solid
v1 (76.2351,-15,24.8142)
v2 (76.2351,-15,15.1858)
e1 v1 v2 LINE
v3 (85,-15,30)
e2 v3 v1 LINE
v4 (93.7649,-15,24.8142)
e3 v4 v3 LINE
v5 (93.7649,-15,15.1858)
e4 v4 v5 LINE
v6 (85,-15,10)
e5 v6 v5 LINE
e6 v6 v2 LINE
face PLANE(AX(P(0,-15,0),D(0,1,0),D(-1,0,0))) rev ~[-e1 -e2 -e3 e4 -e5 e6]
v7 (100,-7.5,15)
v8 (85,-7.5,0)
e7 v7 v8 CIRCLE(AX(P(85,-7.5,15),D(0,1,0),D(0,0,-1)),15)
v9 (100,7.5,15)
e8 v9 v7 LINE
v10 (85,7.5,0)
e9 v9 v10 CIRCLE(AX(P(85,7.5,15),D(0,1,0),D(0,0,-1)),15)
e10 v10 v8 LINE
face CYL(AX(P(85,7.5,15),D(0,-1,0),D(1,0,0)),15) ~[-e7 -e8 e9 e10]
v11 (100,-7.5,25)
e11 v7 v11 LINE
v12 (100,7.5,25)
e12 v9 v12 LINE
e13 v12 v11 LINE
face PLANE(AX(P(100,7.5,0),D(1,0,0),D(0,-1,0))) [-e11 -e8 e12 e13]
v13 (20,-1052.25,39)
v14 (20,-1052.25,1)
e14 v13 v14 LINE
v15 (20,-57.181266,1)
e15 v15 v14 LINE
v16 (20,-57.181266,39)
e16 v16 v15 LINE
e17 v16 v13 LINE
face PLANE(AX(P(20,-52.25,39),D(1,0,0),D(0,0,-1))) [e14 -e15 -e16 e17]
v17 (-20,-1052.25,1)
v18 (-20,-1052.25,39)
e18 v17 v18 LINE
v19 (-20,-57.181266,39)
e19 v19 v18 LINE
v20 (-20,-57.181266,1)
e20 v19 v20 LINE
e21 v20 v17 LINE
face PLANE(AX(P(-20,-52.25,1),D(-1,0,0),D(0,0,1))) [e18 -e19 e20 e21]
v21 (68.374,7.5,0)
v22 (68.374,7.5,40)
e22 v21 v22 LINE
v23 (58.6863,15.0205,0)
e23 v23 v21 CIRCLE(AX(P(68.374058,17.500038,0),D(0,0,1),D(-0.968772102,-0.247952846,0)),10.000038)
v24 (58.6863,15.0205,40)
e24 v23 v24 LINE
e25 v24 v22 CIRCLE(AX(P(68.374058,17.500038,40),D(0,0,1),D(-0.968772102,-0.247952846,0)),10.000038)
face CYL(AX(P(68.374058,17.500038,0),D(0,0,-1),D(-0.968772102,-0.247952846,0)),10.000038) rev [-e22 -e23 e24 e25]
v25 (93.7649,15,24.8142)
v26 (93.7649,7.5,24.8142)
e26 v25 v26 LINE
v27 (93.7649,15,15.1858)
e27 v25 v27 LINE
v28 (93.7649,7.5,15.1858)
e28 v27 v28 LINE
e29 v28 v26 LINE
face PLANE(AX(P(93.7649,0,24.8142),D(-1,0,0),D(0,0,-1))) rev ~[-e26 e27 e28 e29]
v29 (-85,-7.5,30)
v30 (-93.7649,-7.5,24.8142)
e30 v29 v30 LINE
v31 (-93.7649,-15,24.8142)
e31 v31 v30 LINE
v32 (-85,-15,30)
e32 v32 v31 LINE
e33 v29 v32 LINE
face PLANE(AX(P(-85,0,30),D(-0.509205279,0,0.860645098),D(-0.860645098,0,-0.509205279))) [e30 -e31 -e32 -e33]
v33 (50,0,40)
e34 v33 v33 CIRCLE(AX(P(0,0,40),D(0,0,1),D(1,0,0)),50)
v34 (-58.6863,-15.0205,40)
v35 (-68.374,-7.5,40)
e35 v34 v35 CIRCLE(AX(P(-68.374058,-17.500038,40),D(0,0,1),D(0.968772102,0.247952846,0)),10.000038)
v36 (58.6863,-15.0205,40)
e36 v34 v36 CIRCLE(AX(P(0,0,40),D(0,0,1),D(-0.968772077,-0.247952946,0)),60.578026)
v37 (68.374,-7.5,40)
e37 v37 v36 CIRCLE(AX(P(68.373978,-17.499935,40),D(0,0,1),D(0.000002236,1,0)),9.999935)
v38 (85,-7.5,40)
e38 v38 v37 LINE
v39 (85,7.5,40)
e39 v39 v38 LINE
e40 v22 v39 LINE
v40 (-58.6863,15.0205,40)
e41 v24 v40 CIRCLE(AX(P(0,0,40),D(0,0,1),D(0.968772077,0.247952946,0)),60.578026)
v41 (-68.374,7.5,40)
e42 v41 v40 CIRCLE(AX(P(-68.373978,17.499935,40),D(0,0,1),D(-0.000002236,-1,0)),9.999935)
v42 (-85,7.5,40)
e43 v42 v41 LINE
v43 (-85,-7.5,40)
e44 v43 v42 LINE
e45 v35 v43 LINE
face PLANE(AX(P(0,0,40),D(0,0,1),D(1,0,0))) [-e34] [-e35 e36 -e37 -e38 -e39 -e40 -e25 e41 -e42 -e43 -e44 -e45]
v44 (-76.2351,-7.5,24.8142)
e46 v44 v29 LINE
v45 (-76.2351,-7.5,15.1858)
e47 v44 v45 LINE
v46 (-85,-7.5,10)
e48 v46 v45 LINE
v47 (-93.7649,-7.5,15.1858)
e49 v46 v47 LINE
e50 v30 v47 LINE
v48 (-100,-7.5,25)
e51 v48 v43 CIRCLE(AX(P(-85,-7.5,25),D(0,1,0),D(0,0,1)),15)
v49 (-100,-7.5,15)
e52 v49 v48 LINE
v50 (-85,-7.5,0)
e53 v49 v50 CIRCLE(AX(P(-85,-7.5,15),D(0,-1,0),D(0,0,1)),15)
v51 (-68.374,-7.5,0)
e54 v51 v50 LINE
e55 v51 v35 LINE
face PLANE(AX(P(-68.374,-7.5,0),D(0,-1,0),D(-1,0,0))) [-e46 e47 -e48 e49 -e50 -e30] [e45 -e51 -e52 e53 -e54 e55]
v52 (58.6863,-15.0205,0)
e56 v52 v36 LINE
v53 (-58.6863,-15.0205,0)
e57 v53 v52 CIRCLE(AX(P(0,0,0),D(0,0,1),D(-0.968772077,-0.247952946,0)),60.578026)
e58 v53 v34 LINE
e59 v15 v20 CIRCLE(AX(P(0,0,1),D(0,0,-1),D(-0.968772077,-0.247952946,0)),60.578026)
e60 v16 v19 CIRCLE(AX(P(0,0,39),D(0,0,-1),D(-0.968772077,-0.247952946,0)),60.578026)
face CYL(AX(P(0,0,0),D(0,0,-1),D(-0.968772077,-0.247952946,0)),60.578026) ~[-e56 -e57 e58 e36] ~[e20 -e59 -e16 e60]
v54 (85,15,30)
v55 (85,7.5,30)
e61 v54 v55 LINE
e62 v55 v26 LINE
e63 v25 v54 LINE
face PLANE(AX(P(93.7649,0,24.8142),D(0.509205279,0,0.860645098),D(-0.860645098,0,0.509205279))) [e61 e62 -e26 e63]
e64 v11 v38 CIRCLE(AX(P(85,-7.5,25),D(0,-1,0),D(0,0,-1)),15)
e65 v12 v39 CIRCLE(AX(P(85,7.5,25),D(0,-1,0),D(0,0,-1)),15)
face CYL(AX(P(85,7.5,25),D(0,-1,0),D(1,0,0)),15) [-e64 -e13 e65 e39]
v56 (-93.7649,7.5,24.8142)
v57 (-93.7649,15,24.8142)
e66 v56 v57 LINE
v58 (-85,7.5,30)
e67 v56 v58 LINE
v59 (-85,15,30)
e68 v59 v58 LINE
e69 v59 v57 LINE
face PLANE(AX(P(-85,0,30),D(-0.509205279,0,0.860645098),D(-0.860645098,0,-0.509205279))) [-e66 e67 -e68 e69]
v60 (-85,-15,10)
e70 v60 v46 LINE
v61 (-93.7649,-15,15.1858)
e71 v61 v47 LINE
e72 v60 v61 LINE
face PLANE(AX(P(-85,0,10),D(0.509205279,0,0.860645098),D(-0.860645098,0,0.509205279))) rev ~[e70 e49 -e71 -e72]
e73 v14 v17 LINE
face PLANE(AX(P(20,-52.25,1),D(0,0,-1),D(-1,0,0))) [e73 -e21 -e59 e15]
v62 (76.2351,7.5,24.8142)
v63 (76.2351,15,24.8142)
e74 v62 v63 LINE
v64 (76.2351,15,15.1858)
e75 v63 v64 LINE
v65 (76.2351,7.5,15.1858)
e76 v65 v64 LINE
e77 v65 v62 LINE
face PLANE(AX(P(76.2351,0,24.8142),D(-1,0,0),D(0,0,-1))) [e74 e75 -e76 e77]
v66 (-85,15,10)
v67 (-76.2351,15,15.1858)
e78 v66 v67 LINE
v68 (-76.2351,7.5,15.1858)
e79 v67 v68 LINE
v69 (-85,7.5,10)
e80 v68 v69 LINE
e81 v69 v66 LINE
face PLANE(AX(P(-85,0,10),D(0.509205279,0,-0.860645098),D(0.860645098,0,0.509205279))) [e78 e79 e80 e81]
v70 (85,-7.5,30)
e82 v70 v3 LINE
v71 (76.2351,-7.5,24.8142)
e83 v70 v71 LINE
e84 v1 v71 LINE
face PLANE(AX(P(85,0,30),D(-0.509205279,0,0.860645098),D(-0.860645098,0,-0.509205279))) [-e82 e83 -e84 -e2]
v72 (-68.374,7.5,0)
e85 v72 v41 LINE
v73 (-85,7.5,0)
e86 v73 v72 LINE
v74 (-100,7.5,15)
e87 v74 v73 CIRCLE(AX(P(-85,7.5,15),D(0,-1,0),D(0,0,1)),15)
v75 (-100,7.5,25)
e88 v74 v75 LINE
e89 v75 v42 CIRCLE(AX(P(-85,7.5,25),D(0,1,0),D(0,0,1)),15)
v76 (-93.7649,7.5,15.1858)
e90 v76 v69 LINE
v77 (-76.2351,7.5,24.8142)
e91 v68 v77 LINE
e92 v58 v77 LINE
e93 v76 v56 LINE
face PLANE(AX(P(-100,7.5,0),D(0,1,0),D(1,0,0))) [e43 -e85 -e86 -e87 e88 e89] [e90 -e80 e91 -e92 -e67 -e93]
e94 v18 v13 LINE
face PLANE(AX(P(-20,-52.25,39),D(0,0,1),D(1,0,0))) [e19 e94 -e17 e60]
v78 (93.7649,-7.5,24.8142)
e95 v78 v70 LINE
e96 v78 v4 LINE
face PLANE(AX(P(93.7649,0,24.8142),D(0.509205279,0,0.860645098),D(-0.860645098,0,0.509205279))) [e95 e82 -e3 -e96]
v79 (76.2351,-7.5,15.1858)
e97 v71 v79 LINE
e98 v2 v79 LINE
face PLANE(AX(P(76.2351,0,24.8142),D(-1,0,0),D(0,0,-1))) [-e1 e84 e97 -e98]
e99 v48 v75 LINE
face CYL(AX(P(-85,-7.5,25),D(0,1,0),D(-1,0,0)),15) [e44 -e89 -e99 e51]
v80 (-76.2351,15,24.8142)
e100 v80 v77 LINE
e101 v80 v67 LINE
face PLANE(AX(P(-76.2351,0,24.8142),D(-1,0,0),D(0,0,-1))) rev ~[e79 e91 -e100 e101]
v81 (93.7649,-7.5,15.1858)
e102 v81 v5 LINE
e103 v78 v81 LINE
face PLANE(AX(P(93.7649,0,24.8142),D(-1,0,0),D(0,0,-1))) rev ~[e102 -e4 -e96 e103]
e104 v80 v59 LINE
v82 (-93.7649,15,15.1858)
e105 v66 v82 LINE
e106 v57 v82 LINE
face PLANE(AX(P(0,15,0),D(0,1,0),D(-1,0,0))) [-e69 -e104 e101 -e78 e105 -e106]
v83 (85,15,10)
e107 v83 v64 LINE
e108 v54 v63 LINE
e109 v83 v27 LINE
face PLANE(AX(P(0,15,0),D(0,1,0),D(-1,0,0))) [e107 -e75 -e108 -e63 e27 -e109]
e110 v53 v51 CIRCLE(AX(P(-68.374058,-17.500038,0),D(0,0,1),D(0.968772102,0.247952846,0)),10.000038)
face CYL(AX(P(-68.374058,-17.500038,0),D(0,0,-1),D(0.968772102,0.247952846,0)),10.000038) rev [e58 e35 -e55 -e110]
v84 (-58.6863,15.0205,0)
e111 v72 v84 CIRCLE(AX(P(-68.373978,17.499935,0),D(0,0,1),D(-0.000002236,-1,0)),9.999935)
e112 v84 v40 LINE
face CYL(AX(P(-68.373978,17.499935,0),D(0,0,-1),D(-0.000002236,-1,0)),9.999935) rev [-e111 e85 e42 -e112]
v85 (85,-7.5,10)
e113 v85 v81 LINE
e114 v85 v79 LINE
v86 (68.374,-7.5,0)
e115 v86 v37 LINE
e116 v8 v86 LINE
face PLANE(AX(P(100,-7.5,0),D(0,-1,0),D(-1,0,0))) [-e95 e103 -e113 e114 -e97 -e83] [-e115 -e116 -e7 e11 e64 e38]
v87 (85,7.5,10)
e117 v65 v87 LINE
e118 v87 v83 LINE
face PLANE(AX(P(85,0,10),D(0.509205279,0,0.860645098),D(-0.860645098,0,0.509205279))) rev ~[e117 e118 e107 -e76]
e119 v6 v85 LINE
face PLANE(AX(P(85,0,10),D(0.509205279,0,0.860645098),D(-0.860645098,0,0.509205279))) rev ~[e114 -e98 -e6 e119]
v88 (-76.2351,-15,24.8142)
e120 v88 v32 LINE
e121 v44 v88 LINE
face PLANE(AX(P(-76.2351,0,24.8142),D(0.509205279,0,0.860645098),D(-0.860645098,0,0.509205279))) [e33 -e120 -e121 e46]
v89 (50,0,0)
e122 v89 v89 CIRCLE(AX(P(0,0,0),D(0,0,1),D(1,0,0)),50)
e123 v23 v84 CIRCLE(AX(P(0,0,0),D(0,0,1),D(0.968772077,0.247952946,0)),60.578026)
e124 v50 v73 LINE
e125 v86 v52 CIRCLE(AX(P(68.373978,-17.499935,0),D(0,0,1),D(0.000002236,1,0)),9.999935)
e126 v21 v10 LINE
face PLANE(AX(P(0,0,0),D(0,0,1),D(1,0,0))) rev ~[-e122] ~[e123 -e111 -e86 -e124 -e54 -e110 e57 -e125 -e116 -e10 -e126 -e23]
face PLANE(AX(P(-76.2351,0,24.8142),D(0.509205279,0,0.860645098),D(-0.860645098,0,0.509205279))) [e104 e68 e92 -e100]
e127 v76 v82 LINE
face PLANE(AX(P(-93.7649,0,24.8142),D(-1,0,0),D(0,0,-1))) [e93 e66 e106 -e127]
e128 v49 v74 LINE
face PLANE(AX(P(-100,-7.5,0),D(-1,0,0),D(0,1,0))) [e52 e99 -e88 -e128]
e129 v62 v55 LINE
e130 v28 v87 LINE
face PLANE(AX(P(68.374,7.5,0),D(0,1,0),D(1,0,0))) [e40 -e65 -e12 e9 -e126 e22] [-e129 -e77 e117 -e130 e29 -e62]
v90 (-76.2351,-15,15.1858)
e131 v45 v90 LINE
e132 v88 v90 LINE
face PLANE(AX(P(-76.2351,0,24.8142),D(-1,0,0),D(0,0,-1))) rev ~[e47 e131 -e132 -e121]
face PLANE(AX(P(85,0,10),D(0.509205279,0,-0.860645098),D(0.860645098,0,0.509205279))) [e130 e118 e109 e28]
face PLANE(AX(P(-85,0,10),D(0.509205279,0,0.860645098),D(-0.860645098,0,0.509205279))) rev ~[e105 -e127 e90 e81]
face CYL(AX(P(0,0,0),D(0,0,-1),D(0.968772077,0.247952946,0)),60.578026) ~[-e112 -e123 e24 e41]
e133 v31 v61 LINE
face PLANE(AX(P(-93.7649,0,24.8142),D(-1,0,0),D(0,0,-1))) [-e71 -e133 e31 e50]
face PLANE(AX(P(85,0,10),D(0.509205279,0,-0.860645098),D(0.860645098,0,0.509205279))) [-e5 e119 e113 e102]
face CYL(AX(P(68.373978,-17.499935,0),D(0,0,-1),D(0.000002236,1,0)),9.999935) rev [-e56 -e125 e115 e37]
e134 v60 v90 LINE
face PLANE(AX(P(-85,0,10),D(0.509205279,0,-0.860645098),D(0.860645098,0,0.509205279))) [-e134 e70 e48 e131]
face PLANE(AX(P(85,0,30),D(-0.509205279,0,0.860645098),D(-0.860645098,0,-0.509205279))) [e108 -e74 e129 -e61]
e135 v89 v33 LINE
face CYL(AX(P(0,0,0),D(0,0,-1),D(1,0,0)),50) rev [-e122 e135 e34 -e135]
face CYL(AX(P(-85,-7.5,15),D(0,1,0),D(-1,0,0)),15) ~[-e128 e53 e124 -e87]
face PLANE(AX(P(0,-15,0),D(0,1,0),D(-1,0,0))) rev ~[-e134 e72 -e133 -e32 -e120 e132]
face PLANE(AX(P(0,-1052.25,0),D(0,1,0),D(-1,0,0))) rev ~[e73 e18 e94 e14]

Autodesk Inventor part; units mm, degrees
ref_plane "YZ Plane" through (0, 0, 0) normal (1, 0, 0) x (0, 1, 0)
ref_plane "XY Plane" through (0, 0, 0) normal (0, 0, 1) x (1, 0, 0)
sketch "Skizze1" plane through (0, 0, 0) normal (0, 0, 1) x (1, 0, 0)
  circle A0 centre (0, 0) radius 50
  line L0 (100, 7.5) -> (100, -7.5)
  line L1 (-100, -7.5) -> (-100, 7.5)
  line L2 (-100, 7.5) -> (-68.374, 7.5)
  line L3 (68.374, 7.5) -> (100, 7.5)
  line L4 (100, -7.5) -> (68.374, -7.5)
  line L5 (-68.374, -7.5) -> (-100, -7.5)
  arc A1 (-58.6863, -15.0205) -> (58.6863, -15.0205) centre (0, 0) ccw
  arc A2 (58.6863, 15.0205) -> (-58.6863, 15.0205) centre (0, 0) ccw
  arc A3 (-68.374, 7.5) -> (-58.6863, 15.0205) centre (-68.374, 17.5) ccw
  arc A4 (-58.6863, -15.0205) -> (-68.374, -7.5) centre (-68.374, -17.5) ccw
  arc A5 (58.6863, 15.0205) -> (68.374, 7.5) centre (68.374, 17.5) ccw
  arc A6 (68.374, -7.5) -> (58.6863, -15.0205) centre (68.374, -17.5) ccw
  point P0 (-60.1119, 7.5)
  point P1 (60.1119, 7.5)
  point P2 (60.1119, -7.5)
  point P3 (-60.1119, -7.5)
  point P4 (-84.187, 7.5)
  point P5 (84.187, 7.5)
  point P6 (84.187, -7.5)
  point P7 (-84.187, -7.5)
  dimension "d1" = 100
  dimension "d4" = 100
  dimension "d5" = 100
  dimension "d6" = 10
  dimension "d7" = 7.5
  dimension "d8" = 7.5
extrude "Extrusion1" add sketch "Skizze1" along normal blind 40
fillet "Rundung1" radius 15 4 edges at (100, 0, 40) (100, 0, 0) (-100, 0, 40) (-100, 0, 0)
sketch "Skizze3" plane through (0, 0, 0) normal (0, 1, 0) x (-1, 0, 0)
  circle A0 centre (-85, 20) radius 10 construction
  line L0 (-85, 10) -> (-93.7649, 15.1858)
  line L1 (-93.7649, 24.8142) -> (-85, 30)
  line L2 (-85, 30) -> (-76.2351, 24.8142)
  line L3 (-76.2351, 24.8142) -> (-76.2351, 15.1858)
  line L4 (-85, 10) -> (-76.2351, 15.1858)
  line L5 (-93.7649, 24.8142) -> (-93.7649, 15.1858)
  arc A1 (-100, 15) -> (-85, 0) centre (-85, 15) ccw projected
  line L6 (-85, 0) -> (-68.374, 0) projected
  line L7 (-68.374, 0) -> (-68.374, 40) projected
  line L8 (-85, 40) -> (-68.374, 40) projected
  arc A2 (-85, 40) -> (-100, 25) centre (-85, 25) ccw projected
  line L9 (-100, 15) -> (-100, 25) projected
  arc A3 (85, 0) -> (100, 15) centre (85, 15) ccw projected
  line L10 (100, 15) -> (100, 25) projected
  arc A4 (100, 25) -> (85, 40) centre (85, 25) ccw projected
  line L11 (68.374, 40) -> (85, 40) projected
  line L12 (68.374, 0) -> (68.374, 40) projected
  line L13 (68.374, 0) -> (85, 0) projected
  line L14 (-85, 15) -> (-85, 25) construction
  line L15 (85, 15) -> (85, 25) construction
  circle A5 centre (85, 20) radius 10 construction
  line L16 (85, 10) -> (76.2351, 15.1858)
  line L17 (76.2351, 24.8142) -> (85, 30)
  line L18 (85, 30) -> (93.7649, 24.8142)
  line L19 (93.7649, 24.8142) -> (93.7649, 15.1858)
  line L20 (85, 10) -> (93.7649, 15.1858)
  line L21 (76.2351, 24.8142) -> (76.2351, 15.1858)
  line L22 (85, 15) -> (85, 25) construction
  point P0 (0, 0)
  point P1 (85, 20)
  dimension "d12" = 20
  dimension "d13" = 20
extrude "Extrusion2" add sketch "Skizze3" along normal mid plane 30 contours L0 L5 L1 L2 L3 L4 | L16 L21 L17 L18 L19 L20
ref_plane "Arbeitsebene1" through (0, -52.25, 0) normal (0, 1, 0) x (-1, 0, 0)
sketch "Skizze4" plane through (0, -52.25, 0) normal (0, 1, 0) x (-1, 0, 0)
  line L0 (20, 39) -> (-20, 39)
  line L1 (-20, 39) -> (-20, 1)
  line L2 (-20, 1) -> (20, 1)
  line L3 (20, 1) -> (20, 39)
  point P0 (0, 0)
  dimension "d22" = 1
  dimension "d23" = 38
  dimension "d24" = 20
  dimension "d25" = 20
extrude "Extrusion3" add sketch "Skizze4" against normal blind 1000
properties part number "DN80-Rohrschelle-Staender"
